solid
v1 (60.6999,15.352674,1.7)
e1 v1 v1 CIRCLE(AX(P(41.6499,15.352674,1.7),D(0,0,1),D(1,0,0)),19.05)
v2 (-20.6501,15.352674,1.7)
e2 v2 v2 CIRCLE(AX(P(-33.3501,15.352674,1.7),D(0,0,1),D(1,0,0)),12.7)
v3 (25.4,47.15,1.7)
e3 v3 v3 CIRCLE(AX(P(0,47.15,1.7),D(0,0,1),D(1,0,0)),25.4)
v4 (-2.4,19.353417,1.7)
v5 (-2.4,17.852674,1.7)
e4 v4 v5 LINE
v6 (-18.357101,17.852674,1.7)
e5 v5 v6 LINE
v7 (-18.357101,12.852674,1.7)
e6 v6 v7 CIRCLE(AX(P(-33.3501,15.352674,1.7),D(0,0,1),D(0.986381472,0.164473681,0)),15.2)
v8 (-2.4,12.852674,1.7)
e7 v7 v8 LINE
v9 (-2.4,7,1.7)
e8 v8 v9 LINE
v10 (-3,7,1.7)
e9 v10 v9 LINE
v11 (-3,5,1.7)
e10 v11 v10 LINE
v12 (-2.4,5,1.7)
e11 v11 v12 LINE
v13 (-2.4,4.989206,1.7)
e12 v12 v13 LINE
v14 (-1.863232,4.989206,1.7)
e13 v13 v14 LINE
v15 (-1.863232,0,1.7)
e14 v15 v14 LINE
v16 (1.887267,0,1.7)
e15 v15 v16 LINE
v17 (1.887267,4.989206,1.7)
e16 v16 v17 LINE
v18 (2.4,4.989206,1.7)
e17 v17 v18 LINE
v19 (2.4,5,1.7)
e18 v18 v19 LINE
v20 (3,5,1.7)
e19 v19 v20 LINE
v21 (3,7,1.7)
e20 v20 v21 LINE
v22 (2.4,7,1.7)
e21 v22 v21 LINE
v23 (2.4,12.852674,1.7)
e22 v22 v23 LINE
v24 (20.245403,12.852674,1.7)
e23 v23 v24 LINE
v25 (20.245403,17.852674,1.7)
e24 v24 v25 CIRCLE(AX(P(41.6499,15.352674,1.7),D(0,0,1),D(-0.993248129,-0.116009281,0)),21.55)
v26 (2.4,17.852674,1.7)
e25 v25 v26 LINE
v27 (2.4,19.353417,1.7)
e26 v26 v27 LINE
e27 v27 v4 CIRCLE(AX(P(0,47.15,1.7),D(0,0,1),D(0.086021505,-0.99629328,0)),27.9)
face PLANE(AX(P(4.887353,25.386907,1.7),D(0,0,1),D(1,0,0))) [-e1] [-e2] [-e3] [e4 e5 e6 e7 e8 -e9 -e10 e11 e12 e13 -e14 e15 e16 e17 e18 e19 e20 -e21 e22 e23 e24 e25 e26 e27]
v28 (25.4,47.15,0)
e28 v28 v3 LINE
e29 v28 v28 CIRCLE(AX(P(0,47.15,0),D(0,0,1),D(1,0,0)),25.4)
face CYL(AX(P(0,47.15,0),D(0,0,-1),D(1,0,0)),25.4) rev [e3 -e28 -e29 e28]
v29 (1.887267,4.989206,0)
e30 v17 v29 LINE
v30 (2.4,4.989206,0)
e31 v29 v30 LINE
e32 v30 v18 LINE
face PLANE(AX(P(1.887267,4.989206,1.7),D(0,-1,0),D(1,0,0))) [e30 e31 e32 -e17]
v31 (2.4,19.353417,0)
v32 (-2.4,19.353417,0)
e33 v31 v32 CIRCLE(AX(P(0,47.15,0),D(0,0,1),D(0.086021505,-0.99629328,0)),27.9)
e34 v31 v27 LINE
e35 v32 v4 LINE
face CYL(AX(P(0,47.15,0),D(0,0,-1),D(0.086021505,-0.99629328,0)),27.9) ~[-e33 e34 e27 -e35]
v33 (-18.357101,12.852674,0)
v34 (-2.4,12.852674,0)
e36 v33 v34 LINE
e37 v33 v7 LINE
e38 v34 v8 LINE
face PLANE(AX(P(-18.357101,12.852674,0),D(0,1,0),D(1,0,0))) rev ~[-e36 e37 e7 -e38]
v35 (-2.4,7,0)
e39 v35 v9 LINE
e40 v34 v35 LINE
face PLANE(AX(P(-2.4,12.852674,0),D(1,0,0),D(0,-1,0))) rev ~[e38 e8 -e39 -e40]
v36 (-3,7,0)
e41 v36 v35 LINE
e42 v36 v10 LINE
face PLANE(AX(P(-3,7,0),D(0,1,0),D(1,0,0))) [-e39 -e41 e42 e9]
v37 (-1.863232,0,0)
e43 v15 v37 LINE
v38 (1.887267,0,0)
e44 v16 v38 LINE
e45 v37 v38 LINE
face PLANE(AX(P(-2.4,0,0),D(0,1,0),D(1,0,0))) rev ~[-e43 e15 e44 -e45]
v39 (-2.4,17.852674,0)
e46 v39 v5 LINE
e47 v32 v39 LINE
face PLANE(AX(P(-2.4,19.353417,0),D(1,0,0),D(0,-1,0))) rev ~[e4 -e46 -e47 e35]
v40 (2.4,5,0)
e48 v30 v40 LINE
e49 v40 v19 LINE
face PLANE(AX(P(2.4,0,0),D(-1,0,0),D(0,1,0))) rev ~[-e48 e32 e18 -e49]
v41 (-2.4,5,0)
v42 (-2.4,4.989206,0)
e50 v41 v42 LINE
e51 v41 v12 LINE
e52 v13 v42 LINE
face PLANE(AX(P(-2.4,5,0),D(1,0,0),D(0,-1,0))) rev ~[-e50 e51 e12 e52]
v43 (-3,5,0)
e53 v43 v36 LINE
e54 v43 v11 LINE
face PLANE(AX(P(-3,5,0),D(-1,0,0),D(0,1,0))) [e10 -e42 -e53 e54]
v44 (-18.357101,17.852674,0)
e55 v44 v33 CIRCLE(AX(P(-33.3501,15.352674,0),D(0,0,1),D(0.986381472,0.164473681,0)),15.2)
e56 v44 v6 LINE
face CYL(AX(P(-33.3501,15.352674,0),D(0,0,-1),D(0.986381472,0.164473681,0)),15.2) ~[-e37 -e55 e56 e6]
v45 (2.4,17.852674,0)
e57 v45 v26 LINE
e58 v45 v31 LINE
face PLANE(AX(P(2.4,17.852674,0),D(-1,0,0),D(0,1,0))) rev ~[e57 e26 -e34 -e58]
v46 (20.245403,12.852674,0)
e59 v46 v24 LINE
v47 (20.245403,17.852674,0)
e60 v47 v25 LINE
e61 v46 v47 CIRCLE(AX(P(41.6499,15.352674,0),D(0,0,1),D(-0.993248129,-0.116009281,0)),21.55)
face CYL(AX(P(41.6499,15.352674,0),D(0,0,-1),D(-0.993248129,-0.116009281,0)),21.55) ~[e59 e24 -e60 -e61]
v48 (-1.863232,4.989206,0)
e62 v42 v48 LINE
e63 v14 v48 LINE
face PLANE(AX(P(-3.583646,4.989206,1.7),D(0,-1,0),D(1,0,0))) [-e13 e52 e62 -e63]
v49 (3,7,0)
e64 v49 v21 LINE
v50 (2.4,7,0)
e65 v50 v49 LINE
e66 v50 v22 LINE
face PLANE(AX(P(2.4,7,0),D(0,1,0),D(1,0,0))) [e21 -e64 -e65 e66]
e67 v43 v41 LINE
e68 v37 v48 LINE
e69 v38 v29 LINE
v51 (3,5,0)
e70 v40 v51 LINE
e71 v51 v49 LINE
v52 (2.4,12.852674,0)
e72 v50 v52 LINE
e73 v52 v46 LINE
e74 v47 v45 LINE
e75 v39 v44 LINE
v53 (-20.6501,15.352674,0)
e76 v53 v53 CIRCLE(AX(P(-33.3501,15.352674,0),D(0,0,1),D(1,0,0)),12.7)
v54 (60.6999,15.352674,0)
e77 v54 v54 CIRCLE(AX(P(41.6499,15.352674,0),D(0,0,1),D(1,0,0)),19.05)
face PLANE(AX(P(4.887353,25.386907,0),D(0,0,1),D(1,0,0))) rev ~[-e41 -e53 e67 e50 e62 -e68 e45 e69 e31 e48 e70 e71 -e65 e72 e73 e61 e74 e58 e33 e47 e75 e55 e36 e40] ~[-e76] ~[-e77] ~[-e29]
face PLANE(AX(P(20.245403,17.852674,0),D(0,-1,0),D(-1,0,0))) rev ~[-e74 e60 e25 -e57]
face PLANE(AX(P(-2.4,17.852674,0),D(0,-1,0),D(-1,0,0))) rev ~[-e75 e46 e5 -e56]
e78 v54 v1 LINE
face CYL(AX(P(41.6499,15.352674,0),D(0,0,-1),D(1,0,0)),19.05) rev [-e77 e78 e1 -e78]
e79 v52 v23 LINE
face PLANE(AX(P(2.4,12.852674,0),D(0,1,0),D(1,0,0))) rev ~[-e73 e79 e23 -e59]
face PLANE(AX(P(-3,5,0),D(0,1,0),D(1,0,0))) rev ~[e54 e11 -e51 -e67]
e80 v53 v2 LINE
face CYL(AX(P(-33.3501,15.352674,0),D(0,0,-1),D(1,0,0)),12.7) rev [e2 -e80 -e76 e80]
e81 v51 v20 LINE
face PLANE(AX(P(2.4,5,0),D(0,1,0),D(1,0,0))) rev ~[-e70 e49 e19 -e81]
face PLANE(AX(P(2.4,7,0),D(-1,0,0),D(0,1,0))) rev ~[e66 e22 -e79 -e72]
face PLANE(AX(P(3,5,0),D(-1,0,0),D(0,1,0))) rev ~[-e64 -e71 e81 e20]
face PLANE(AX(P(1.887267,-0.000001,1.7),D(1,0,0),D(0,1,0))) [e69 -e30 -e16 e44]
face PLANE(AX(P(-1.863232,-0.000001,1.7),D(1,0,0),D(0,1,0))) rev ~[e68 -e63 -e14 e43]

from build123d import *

# Parameters (mm, degrees)
SKETCH_R      = 25.4
SKETCH_R_2    = 19.05
SKETCH_R_3    = 12.7
SKETCH_W      = 6
SKETCH_H      = 2
PAD_DEPTH     = 1.7
SKETCH001_W   = 1.720414
SKETCH001_H   = 4.989207
SKETCH001_W_2 = 2.270946
POCKET_DEPTH  = 5


with BuildPart() as part:
    # Sketch → Pad (new body)
    with BuildSketch(Plane.XY):
        with BuildLine():
            Line((-2.4, 19.353417), (-2.4, 17.852674))
            Line((-2.4, 17.852674), (-18.357101, 17.852674))
            ThreePointArc((-18.357101, 17.852674), (-48.5501, 15.352674), (-18.357101, 12.852674))
            Line((-18.357101, 12.852674), (-2.4, 12.852674))
            Line((-2.4, 12.852674), (-2.4, 0))
            Line((-2.4, 0), (2.4, 0))
            Line((2.4, 0), (2.4, 12.852674))
            Line((2.4, 12.852674), (20.245403, 12.852674))
            ThreePointArc((20.245403, 12.852674), (63.1999, 15.352674), (20.245403, 17.852674))
            Line((20.245403, 17.852674), (2.4, 17.852674))
            Line((2.4, 17.852674), (2.4, 19.353417))
            ThreePointArc((2.4, 19.353417), (0, 75.05), (-2.4, 19.353417))
        make_face()
        with Locations((0, 47.15)):
            Circle(SKETCH_R, mode=Mode.SUBTRACT)
        with Locations((41.6499, 15.352674)):
            Circle(SKETCH_R_2, mode=Mode.SUBTRACT)
        with Locations((-33.3501, 15.352674)):
            Circle(SKETCH_R_3, mode=Mode.SUBTRACT)
        with Locations((0, 6)):
            Rectangle(SKETCH_W, SKETCH_H)
    extrude(amount=PAD_DEPTH)

    # Sketch001 (on Face25 of Pad) → Pocket (cut)
    with BuildSketch(Plane.XY.offset(1.7)):
        with Locations((-2.723439, 2.494603)):
            Rectangle(SKETCH001_W, SKETCH001_H)
        with Locations((3.02274, 2.494603)):
            Rectangle(SKETCH001_W_2, SKETCH001_H)
    extrude(amount=-POCKET_DEPTH, mode=Mode.SUBTRACT)


solid = part.part
